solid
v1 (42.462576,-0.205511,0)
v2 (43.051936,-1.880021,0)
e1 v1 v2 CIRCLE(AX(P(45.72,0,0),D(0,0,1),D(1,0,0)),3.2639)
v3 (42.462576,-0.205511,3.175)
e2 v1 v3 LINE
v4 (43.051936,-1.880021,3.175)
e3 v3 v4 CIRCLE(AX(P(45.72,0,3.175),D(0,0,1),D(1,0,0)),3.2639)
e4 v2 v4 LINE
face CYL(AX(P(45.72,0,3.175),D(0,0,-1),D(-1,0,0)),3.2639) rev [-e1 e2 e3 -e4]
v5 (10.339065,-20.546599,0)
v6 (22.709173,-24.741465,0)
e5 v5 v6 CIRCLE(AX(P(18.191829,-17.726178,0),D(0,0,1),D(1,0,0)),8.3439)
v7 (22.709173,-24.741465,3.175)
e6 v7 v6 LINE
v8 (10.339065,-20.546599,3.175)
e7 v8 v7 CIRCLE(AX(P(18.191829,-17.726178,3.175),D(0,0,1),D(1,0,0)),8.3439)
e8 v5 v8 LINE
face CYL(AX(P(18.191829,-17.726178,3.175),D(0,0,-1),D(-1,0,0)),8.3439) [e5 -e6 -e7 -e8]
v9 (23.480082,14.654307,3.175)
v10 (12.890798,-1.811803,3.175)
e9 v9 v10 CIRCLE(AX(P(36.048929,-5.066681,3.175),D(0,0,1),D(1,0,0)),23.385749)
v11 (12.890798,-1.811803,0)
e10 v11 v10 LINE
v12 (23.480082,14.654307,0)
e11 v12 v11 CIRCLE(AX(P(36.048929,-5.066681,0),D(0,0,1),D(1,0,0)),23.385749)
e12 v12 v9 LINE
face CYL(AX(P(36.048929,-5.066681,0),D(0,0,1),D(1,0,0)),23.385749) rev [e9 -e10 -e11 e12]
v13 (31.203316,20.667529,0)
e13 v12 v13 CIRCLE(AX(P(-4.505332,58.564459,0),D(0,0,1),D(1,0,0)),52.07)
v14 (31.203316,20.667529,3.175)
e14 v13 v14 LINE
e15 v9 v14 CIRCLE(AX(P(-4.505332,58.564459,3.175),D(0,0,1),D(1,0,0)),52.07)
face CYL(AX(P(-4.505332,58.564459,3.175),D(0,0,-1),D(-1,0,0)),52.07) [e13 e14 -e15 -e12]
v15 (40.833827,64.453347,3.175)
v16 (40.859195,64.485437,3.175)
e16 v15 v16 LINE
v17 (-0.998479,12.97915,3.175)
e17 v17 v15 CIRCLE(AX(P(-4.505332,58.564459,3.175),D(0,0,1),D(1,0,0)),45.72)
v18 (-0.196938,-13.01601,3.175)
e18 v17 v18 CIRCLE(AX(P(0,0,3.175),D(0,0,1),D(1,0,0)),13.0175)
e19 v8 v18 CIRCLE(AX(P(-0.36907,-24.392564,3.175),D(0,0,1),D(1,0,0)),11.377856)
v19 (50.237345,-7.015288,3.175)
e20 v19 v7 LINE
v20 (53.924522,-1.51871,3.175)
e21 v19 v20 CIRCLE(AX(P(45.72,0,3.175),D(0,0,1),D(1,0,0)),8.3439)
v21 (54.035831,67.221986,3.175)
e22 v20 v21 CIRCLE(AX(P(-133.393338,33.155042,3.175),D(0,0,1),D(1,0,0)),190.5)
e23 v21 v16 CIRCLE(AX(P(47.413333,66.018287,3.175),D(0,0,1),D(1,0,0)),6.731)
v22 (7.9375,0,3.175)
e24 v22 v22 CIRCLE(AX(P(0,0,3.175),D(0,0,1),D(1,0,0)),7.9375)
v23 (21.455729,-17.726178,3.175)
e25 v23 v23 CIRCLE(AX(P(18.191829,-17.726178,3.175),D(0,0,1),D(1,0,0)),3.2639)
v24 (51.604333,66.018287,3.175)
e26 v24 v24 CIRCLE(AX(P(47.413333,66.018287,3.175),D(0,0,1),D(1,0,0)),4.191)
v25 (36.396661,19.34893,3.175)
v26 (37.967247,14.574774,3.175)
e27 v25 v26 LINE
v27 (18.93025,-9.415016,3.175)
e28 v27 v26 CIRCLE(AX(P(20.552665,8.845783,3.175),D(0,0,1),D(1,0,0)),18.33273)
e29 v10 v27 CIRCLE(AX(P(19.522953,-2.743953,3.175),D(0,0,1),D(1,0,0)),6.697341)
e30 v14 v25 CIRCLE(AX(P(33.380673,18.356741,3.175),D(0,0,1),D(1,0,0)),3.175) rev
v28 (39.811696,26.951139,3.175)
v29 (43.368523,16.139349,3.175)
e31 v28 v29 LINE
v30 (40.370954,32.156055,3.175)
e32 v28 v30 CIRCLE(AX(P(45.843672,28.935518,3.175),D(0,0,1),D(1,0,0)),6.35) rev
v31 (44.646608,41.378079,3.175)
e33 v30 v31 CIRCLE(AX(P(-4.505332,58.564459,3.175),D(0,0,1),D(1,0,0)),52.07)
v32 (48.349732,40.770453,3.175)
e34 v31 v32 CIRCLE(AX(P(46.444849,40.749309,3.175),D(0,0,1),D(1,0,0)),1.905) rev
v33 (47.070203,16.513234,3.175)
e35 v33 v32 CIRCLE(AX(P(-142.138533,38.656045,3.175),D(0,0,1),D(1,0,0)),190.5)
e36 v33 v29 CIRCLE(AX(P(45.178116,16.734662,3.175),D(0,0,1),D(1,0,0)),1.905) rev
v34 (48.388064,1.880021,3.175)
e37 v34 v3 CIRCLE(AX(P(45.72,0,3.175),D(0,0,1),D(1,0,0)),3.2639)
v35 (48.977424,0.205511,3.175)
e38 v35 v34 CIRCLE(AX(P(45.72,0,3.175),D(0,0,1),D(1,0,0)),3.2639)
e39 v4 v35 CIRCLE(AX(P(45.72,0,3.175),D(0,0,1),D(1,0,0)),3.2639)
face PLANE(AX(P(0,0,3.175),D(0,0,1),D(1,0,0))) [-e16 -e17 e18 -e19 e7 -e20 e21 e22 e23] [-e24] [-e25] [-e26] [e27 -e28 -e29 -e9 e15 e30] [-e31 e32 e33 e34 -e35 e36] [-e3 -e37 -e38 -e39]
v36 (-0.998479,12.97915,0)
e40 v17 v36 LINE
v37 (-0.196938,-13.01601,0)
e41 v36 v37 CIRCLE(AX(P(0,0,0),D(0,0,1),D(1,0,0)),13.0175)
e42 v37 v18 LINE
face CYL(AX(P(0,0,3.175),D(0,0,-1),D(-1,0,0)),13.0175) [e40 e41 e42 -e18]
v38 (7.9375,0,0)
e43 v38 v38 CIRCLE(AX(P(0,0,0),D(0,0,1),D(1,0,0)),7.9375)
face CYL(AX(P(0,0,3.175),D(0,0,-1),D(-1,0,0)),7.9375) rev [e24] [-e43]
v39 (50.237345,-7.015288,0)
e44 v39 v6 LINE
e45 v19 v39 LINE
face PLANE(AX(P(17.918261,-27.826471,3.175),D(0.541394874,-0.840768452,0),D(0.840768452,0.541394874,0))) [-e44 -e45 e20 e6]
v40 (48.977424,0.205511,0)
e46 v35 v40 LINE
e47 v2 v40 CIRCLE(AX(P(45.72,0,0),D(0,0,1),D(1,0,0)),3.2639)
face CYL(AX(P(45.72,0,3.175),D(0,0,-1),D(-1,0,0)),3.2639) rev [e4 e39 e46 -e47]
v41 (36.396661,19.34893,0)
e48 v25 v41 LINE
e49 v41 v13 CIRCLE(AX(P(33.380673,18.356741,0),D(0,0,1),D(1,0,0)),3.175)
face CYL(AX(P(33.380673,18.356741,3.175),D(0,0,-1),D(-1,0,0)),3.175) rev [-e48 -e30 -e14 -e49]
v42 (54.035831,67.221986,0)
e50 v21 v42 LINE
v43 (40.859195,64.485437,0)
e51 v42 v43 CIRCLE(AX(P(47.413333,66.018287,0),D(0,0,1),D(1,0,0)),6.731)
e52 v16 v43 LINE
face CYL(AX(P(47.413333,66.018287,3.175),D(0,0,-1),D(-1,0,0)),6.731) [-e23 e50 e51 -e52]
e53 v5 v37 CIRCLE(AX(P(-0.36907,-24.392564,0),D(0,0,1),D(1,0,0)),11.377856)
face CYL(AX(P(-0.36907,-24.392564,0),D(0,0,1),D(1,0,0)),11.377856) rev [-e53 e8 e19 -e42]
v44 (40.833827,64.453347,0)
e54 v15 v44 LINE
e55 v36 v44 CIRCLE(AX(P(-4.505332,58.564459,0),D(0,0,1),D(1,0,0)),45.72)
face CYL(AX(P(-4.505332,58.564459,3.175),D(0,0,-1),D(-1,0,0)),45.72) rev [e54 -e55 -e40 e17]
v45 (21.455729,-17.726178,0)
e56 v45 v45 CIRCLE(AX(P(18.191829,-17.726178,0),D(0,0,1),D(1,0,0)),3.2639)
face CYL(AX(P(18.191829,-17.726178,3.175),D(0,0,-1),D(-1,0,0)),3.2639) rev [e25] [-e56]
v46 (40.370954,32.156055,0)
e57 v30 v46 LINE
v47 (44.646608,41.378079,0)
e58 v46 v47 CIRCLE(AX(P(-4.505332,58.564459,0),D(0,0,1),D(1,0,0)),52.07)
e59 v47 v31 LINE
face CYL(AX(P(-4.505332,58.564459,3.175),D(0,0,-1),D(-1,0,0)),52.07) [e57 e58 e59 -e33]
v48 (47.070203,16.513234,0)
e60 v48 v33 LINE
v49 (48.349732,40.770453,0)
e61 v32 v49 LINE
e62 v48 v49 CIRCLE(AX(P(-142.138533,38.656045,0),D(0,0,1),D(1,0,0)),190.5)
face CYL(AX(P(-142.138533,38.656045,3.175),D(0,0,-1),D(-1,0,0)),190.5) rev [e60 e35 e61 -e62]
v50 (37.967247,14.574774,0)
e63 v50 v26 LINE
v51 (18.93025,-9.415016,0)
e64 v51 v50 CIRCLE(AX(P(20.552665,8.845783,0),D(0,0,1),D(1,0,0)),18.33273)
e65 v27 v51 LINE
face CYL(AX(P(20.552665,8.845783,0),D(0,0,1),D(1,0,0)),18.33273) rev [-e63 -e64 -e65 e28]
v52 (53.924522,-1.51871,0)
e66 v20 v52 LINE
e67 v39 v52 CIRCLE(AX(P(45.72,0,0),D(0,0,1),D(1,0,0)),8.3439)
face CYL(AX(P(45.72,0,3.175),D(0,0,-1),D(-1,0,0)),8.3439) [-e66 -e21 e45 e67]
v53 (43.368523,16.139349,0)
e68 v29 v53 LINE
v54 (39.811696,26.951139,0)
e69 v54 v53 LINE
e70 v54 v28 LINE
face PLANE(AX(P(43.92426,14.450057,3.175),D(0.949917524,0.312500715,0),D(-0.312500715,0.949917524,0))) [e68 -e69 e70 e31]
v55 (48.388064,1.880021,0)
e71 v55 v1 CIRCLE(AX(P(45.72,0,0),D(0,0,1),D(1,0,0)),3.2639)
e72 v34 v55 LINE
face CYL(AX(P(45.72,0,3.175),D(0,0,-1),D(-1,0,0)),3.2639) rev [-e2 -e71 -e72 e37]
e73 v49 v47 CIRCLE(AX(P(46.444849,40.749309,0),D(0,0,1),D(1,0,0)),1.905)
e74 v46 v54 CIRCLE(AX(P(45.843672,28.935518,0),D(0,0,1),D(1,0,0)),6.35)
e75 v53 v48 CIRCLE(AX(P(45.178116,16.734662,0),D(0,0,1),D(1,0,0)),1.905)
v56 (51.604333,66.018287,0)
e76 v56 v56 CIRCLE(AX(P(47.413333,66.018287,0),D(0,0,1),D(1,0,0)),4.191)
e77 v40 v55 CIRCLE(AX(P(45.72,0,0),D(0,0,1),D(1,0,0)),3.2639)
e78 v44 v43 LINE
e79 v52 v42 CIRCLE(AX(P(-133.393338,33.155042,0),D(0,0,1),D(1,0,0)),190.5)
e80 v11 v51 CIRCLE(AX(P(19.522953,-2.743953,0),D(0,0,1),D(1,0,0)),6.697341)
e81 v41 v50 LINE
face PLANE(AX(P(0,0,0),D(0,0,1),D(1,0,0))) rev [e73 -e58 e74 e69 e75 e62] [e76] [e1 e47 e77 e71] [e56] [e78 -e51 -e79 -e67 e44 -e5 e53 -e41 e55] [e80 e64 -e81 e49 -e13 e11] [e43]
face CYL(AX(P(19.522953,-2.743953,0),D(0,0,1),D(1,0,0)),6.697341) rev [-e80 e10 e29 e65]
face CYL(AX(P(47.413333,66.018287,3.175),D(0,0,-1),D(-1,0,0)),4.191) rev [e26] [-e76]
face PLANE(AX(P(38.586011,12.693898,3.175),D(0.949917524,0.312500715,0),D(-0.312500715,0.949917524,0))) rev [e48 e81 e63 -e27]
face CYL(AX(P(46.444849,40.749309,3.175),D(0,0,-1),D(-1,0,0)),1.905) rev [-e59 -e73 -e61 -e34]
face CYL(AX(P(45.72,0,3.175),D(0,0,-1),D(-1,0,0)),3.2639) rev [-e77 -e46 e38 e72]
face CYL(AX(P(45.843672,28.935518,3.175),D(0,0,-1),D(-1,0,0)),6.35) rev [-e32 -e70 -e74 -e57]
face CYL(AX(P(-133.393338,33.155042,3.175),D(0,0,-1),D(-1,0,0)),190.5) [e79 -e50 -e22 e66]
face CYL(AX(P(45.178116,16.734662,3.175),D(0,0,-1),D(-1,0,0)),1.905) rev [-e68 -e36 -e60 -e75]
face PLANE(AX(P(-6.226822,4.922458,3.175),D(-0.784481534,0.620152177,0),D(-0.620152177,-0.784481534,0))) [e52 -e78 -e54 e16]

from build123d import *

# Parameters (mm, degrees)
SKETCH2_R           = 7.9375
SKETCH2_R_2         = 3.2639
SKETCH2_R_3         = 4.191
BOSS_EXTRUDE1_DEPTH = 3.175
FILLET3_R           = 1.905
FILLET4_R           = 6.35
BOSS_EXTRUDE2_START = -3.175
BOSS_EXTRUDE2_DEPTH = 3.175
CUT_EXTRUDE1_DEPTH  = 12.065
FILLET5_R           = 3.175
CUT_EXTRUDE2_DEPTH  = 93.540316773


with BuildPart() as part:
    # Sketch2 → Boss-Extrude1 (new body)
    with BuildSketch(Plane.XY):
        with BuildLine():
            Line((22.709173353, -24.74146542), (50.237344688, -7.01528789))
            ThreePointArc((50.237344688, -7.01528789), (52.649254226, -4.648236557), (53.924522204, -1.51871084))
            ThreePointArc((53.924522204, -1.51871084), (57.106411985, 32.846575037), (54.035830718, 67.22198524))
            ThreePointArc((54.035830718, 67.22198524), (46.044632155, 72.608660166), (40.859194914, 64.485436554))
            Line((40.859194914, 64.485436554), (40.833827284, 64.453346951))
            ThreePointArc((40.833827284, 64.453346951), (30.975387354, 29.729811242), (-0.998479041, 12.979150429))
            ThreePointArc((-0.998479041, 12.979150429), (-12.595568055, 3.287395871), (-7.214067166, -10.835706769))
            Line((-7.214067166, -10.835706769), (13.567787564, -24.671601284))
            ThreePointArc((13.567787564, -24.671601284), (18.128061271, -26.069833859), (22.709173353, -24.74146542))
        make_face()
        Circle(SKETCH2_R, mode=Mode.SUBTRACT)
        with Locations((18.191828664, -17.726177531)):
            Circle(SKETCH2_R_2, mode=Mode.SUBTRACT)
        with Locations((45.72, 0)):
            Circle(SKETCH2_R_2, mode=Mode.SUBTRACT)
        with BuildLine():
            Line((40.584986991, 6.617553577), (21.318666843, -5.788581474))
            Line((21.318666843, -5.788581474), (11.074870198, -6.841239387))
            ThreePointArc((11.074870198, -6.841239387), (12.976194182, 1.036190528), (9.848859751, 8.512066016))
            ThreePointArc((9.848859751, 8.512066016), (23.445327069, 14.632175726), (34.749899024, 24.354640398))
            Line((34.749899024, 24.354640398), (40.584986991, 6.617553577))
        make_face(mode=Mode.SUBTRACT)
        with BuildLine():
            ThreePointArc((47.523781163, 56.501393309), (48.257752726, 32.370804269), (45.933946154, 8.34115665))
            Line((45.933946154, 8.34115665), (38.882442516, 29.775817606))
            ThreePointArc((38.882442516, 29.775817606), (45.039190515, 42.544935267), (47.523781163, 56.501393309))
        make_face(mode=Mode.SUBTRACT)
        with Locations((47.413333333, 66.018287029)):
            Circle(SKETCH2_R_3, mode=Mode.SUBTRACT)
    extrude(amount=BOSS_EXTRUDE1_DEPTH)

    # Fillet3
    fillet3_edges = [part.edges().sort_by_distance(p)[0] for p in [
        (45.933946154, 8.34115665, 1.5875),
        (47.523781163, 56.501393309, 1.5875),
    ]]
    fillet(fillet3_edges, radius=FILLET3_R)

    # Fillet4
    fillet4_edges = [part.edges().sort_by_distance(p)[0] for p in [
        (38.882442516, 29.775817606, 1.5875),
    ]]
    fillet(fillet4_edges, radius=FILLET4_R)

    # Sketch3 → Boss-Extrude2 (add)
    with BuildSketch(Plane.XY.offset(3.175).offset(BOSS_EXTRUDE2_START)):
        with BuildLine():
            ThreePointArc((37.967247274, 14.574773228), (38.850624387, 9.974362656), (38.539279751, 5.300264126))
            Line((38.539279751, 5.300264126), (40.584986991, 6.617553577))
            Line((40.584986991, 6.617553577), (37.967247274, 14.574773228))
        make_face()
        with BuildLine():
            ThreePointArc((14.005375904, -6.540099084), (13.004272705, -4.28056917), (12.890798124, -1.811802966))
            ThreePointArc((12.890798124, -1.811802966), (12.243860592, -4.42076736), (11.074870198, -6.841239387))
            Line((11.074870198, -6.841239387), (14.005375904, -6.540099084))
        make_face()
        with BuildLine():
            ThreePointArc((9.848859751, 8.512066016), (12.486736073, 3.679229335), (12.890798124, -1.811802966))
            ThreePointArc((12.890798124, -1.811802966), (16.379474961, 7.582660649), (23.480082515, 14.654307207))
            ThreePointArc((23.480082515, 14.654307207), (16.886076234, 11.091387544), (9.848859751, 8.512066016))
        make_face()
    extrude(amount=BOSS_EXTRUDE2_DEPTH)

    # Sketch4 → Cut-Extrude1 (cut)
    with BuildSketch(Plane.XY):
        with BuildLine():
            Line((38.539279751, 5.300264126), (24.727997063, 1.47053375))
            ThreePointArc((24.727997063, 1.47053375), (25.836206507, -0.508508416), (26.220294441, -2.743953008))
            ThreePointArc((26.220294441, -2.743953008), (24.044282761, -7.68479904), (18.930249644, -9.41501626))
            ThreePointArc((18.930249644, -9.41501626), (30.477911362, -6.56779892), (37.848176473, 2.766778194))
            ThreePointArc((37.848176473, 2.766778194), (38.239149826, 4.021130685), (38.539279751, 5.300264126))
        make_face()
        with BuildLine():
            ThreePointArc((24.727997063, 1.47053375), (17.733373474, 3.709866579), (12.890798123, -1.811802972))
            Line((12.890798123, -1.811802972), (24.727997063, 1.47053375))
        make_face()
        with BuildLine():
            Line((24.727997063, 1.47053375), (12.890798123, -1.811802972))
            ThreePointArc((12.890798123, -1.811802972), (14.27873169, -6.909589201), (18.930249644, -9.41501626))
            ThreePointArc((18.930249644, -9.41501626), (24.044282761, -7.68479904), (26.220294441, -2.743953008))
            ThreePointArc((26.220294441, -2.743953008), (25.836206507, -0.508508416), (24.727997063, 1.47053375))
        make_face()
    extrude(amount=CUT_EXTRUDE1_DEPTH, mode=Mode.SUBTRACT)

    # Fillet5
    fillet5_edges = [part.edges().sort_by_distance(p)[0] for p in [
        (34.749899024, 24.354640398, 1.5875),
    ]]
    fillet(fillet5_edges, radius=FILLET5_R)

    # Sketch5 → Cut-Extrude2 (cut, through all)
    with BuildSketch(Plane.XY.offset(3.175)):
        with BuildLine():
            Line((-7.214067166, -10.835706769), (-15.113040322, -22.700159224))
            Line((-15.113040322, -22.700159224), (13.567787564, -34.649979512))
            Line((13.567787564, -34.649979512), (13.567787564, -24.671601284))
            ThreePointArc((13.567787564, -24.671601284), (11.621320872, -22.869045851), (10.339065437, -20.546598936))
            ThreePointArc((10.339065437, -20.546598936), (6.247008791, -15.136046815), (-0.196937719, -13.01601021))
            ThreePointArc((-0.196937719, -13.01601021), (-3.862535324, -12.431256056), (-7.214067166, -10.835706769))
        make_face()
    extrude(amount=-CUT_EXTRUDE2_DEPTH, mode=Mode.SUBTRACT)


solid = part.part
